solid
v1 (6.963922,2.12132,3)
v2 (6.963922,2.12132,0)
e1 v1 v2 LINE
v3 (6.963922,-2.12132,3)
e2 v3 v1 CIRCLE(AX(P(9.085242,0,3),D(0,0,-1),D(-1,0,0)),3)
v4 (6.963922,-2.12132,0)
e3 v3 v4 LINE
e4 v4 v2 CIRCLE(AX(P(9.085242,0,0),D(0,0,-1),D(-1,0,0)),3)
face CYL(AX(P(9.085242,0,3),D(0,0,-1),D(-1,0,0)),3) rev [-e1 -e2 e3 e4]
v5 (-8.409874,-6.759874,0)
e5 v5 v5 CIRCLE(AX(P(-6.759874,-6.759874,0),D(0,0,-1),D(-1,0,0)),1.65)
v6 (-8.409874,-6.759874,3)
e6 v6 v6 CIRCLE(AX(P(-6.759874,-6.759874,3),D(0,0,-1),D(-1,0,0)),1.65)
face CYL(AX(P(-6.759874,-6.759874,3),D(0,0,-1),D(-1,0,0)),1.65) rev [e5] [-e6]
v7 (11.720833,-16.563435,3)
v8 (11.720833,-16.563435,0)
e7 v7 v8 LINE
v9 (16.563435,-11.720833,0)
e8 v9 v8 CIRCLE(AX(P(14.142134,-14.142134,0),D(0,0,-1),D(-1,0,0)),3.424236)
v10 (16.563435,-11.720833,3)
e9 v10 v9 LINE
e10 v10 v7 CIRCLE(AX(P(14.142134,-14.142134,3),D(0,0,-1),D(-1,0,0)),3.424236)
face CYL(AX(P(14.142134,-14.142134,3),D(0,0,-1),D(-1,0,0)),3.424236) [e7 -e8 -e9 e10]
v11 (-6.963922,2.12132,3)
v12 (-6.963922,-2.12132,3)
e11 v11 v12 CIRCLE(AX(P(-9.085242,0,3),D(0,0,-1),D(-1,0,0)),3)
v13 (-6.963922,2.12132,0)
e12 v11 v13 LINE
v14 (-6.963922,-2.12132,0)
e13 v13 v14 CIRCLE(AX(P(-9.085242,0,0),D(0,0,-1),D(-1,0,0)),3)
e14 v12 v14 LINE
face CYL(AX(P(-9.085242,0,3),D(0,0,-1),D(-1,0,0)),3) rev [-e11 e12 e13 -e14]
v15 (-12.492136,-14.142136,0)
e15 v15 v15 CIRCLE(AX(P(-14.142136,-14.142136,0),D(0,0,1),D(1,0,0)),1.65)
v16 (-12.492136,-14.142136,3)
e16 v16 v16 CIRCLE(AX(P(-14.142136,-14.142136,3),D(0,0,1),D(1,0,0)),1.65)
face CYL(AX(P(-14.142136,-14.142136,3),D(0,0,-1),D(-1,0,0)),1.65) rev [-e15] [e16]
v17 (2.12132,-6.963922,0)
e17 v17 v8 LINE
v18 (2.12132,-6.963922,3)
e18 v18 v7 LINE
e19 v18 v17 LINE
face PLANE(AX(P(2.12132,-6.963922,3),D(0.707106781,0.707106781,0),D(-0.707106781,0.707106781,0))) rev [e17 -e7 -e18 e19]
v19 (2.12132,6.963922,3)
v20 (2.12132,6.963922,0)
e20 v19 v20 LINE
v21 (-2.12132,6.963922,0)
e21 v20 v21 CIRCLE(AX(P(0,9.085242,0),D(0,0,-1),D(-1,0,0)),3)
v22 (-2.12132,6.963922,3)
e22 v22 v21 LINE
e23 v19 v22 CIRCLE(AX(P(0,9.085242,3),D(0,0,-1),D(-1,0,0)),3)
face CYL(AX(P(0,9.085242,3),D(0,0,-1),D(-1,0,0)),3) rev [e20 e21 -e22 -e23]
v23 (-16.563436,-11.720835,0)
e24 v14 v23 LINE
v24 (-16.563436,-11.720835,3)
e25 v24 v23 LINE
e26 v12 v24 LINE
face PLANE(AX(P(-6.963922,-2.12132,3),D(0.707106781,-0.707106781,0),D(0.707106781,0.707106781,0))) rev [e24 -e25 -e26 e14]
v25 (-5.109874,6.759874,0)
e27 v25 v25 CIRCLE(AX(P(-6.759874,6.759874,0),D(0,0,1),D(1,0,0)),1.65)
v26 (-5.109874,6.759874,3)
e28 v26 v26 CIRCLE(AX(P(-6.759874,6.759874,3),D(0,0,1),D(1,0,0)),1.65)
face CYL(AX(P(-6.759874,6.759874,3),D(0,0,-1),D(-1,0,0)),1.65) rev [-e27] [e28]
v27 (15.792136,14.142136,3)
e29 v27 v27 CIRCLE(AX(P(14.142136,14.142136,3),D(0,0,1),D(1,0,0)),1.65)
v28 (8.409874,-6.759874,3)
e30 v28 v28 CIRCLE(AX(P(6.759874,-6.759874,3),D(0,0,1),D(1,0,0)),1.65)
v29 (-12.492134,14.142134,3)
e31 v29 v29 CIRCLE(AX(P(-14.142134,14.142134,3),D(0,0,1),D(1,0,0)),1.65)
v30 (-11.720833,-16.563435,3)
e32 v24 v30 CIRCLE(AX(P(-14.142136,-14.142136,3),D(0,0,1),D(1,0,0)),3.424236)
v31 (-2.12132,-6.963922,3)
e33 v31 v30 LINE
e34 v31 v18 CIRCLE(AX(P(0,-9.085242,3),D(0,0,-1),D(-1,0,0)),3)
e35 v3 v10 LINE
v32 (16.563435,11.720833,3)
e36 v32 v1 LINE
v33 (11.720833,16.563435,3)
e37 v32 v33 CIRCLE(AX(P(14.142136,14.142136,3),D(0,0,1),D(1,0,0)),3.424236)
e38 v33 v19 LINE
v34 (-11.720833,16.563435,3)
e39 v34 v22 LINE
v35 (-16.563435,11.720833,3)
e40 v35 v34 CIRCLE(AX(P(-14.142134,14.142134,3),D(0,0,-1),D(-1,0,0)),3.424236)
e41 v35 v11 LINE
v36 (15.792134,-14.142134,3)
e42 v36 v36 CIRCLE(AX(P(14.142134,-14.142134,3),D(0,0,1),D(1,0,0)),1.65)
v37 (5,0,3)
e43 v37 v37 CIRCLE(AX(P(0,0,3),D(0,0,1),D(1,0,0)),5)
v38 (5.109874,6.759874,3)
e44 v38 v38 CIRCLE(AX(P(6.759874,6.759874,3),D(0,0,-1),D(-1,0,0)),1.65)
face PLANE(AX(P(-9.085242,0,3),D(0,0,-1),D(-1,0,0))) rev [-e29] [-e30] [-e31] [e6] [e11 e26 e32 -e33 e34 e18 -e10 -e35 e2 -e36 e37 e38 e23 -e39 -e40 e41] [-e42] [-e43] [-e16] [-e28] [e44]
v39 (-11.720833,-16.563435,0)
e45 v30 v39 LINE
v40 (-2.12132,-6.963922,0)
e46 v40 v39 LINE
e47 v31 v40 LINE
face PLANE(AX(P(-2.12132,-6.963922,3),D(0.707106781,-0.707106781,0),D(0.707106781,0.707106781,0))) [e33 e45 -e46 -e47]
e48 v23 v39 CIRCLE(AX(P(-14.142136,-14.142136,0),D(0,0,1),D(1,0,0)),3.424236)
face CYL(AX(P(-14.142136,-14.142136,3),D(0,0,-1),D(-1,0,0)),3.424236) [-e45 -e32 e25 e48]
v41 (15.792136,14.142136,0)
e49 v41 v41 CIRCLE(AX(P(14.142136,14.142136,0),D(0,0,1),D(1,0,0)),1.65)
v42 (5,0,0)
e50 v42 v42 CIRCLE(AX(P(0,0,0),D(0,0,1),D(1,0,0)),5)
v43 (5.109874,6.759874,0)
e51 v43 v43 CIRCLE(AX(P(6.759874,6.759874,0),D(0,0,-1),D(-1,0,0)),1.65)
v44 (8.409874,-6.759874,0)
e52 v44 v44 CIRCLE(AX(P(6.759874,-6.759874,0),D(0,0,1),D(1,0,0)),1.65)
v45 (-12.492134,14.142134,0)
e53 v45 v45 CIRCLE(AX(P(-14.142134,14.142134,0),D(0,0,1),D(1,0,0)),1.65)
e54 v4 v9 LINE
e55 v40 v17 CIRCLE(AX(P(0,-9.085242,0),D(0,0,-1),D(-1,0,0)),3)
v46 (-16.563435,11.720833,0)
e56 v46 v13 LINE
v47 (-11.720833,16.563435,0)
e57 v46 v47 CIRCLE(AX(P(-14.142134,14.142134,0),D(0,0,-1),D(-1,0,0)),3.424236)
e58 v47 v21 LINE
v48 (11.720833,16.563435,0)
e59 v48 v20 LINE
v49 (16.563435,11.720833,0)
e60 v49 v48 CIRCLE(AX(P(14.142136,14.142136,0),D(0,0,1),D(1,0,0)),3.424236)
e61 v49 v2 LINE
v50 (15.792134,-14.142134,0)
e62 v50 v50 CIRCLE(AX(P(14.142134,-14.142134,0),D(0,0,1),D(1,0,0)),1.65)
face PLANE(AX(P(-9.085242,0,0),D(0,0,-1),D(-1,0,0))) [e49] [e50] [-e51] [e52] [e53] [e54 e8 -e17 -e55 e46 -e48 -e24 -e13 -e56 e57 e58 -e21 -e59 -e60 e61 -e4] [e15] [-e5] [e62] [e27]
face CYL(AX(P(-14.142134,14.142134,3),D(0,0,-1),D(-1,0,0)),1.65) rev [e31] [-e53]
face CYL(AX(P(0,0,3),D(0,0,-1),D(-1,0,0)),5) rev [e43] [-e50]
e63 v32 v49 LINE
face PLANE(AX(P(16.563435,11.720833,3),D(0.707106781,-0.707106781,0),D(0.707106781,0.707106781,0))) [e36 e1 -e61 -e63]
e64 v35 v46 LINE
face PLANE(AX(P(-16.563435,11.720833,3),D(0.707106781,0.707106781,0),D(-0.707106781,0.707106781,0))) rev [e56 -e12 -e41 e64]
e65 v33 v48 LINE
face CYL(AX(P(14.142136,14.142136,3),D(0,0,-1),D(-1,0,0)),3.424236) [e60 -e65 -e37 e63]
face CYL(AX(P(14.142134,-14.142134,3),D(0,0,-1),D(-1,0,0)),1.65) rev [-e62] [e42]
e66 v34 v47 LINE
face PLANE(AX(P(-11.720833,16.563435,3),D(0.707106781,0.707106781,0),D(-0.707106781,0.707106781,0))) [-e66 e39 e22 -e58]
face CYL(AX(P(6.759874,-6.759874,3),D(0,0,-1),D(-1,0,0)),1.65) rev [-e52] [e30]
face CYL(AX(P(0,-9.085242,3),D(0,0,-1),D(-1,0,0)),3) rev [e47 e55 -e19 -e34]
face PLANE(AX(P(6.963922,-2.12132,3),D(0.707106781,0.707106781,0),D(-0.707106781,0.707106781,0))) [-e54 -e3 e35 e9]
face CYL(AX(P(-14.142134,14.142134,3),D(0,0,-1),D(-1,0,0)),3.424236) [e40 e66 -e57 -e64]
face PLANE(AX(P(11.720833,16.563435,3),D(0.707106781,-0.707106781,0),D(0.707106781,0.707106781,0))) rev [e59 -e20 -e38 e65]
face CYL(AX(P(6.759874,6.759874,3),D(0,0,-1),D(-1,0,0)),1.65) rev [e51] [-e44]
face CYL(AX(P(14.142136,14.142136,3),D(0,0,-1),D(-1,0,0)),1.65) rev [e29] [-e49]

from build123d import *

# Parameters (mm, degrees)
SKETCH1_R           = 1.65
SKETCH1_R_2         = 5
BOSS_EXTRUDE1_DEPTH = 3


with BuildPart() as part:
    # Sketch1 → Boss-Extrude1 (new body)
    with BuildSketch(Plane.XY):
        with BuildLine():
            Line((16.563434593, 11.720833187), (6.963921749, 2.121320344))
            ThreePointArc((6.963921749, 2.121320344), (6.085242093, 0), (6.963921749, -2.121320344))
            Line((6.963921749, -2.121320344), (16.563434593, -11.720833187))
            ThreePointArc((16.563434593, -11.720833187), (16.563434593, -16.563434593), (11.720833187, -16.563434593))
            Line((11.720833187, -16.563434593), (2.121320344, -6.963921749))
            ThreePointArc((2.121320344, -6.963921749), (0, -6.085242093), (-2.121320344, -6.963921749))
            Line((-2.121320344, -6.963921749), (-11.720833187, -16.563434593))
            ThreePointArc((-11.720833187, -16.563434593), (-16.56343546, -16.563437193), (-16.563436326, -11.720834921))
            Line((-16.563436326, -11.720834921), (-6.963921749, -2.121320344))
            ThreePointArc((-6.963921749, -2.121320344), (-6.085242093, 0), (-6.963921749, 2.121320344))
            Line((-6.963921749, 2.121320344), (-16.563434593, 11.720833187))
            ThreePointArc((-16.563434593, 11.720833187), (-16.563434593, 16.563434593), (-11.720833187, 16.563434593))
            Line((-11.720833187, 16.563434593), (-2.121320344, 6.963921749))
            ThreePointArc((-2.121320344, 6.963921749), (0, 6.085242093), (2.121320344, 6.963921749))
            Line((2.121320344, 6.963921749), (11.720833187, 16.563434593))
            ThreePointArc((11.720833187, 16.563434593), (16.563436326, 16.563436326), (16.563434593, 11.720833187))
        make_face()
        with Locations((-14.14213389, 14.14213389)):
            Circle(SKETCH1_R, mode=Mode.SUBTRACT)
        with Locations((14.142135624, 14.142135624)):
            Circle(SKETCH1_R, mode=Mode.SUBTRACT)
        with Locations((-14.142135624, -14.142135624)):
            Circle(SKETCH1_R, mode=Mode.SUBTRACT)
        with Locations((14.14213389, -14.14213389)):
            Circle(SKETCH1_R, mode=Mode.SUBTRACT)
        Circle(SKETCH1_R_2, mode=Mode.SUBTRACT)
        with Locations((-6.759874347, 6.759874347)):
            Circle(SKETCH1_R, mode=Mode.SUBTRACT)
        with Locations(Location((6.759874347, 6.759874347, 0), (0, 0, 180))):
            Circle(SKETCH1_R, mode=Mode.SUBTRACT)
        with Locations((6.759874347, -6.759874347)):
            Circle(SKETCH1_R, mode=Mode.SUBTRACT)
        with Locations(Location((-6.759874347, -6.759874347, 0), (0, 0, 180))):
            Circle(SKETCH1_R, mode=Mode.SUBTRACT)
    extrude(amount=BOSS_EXTRUDE1_DEPTH)


solid = part.part
